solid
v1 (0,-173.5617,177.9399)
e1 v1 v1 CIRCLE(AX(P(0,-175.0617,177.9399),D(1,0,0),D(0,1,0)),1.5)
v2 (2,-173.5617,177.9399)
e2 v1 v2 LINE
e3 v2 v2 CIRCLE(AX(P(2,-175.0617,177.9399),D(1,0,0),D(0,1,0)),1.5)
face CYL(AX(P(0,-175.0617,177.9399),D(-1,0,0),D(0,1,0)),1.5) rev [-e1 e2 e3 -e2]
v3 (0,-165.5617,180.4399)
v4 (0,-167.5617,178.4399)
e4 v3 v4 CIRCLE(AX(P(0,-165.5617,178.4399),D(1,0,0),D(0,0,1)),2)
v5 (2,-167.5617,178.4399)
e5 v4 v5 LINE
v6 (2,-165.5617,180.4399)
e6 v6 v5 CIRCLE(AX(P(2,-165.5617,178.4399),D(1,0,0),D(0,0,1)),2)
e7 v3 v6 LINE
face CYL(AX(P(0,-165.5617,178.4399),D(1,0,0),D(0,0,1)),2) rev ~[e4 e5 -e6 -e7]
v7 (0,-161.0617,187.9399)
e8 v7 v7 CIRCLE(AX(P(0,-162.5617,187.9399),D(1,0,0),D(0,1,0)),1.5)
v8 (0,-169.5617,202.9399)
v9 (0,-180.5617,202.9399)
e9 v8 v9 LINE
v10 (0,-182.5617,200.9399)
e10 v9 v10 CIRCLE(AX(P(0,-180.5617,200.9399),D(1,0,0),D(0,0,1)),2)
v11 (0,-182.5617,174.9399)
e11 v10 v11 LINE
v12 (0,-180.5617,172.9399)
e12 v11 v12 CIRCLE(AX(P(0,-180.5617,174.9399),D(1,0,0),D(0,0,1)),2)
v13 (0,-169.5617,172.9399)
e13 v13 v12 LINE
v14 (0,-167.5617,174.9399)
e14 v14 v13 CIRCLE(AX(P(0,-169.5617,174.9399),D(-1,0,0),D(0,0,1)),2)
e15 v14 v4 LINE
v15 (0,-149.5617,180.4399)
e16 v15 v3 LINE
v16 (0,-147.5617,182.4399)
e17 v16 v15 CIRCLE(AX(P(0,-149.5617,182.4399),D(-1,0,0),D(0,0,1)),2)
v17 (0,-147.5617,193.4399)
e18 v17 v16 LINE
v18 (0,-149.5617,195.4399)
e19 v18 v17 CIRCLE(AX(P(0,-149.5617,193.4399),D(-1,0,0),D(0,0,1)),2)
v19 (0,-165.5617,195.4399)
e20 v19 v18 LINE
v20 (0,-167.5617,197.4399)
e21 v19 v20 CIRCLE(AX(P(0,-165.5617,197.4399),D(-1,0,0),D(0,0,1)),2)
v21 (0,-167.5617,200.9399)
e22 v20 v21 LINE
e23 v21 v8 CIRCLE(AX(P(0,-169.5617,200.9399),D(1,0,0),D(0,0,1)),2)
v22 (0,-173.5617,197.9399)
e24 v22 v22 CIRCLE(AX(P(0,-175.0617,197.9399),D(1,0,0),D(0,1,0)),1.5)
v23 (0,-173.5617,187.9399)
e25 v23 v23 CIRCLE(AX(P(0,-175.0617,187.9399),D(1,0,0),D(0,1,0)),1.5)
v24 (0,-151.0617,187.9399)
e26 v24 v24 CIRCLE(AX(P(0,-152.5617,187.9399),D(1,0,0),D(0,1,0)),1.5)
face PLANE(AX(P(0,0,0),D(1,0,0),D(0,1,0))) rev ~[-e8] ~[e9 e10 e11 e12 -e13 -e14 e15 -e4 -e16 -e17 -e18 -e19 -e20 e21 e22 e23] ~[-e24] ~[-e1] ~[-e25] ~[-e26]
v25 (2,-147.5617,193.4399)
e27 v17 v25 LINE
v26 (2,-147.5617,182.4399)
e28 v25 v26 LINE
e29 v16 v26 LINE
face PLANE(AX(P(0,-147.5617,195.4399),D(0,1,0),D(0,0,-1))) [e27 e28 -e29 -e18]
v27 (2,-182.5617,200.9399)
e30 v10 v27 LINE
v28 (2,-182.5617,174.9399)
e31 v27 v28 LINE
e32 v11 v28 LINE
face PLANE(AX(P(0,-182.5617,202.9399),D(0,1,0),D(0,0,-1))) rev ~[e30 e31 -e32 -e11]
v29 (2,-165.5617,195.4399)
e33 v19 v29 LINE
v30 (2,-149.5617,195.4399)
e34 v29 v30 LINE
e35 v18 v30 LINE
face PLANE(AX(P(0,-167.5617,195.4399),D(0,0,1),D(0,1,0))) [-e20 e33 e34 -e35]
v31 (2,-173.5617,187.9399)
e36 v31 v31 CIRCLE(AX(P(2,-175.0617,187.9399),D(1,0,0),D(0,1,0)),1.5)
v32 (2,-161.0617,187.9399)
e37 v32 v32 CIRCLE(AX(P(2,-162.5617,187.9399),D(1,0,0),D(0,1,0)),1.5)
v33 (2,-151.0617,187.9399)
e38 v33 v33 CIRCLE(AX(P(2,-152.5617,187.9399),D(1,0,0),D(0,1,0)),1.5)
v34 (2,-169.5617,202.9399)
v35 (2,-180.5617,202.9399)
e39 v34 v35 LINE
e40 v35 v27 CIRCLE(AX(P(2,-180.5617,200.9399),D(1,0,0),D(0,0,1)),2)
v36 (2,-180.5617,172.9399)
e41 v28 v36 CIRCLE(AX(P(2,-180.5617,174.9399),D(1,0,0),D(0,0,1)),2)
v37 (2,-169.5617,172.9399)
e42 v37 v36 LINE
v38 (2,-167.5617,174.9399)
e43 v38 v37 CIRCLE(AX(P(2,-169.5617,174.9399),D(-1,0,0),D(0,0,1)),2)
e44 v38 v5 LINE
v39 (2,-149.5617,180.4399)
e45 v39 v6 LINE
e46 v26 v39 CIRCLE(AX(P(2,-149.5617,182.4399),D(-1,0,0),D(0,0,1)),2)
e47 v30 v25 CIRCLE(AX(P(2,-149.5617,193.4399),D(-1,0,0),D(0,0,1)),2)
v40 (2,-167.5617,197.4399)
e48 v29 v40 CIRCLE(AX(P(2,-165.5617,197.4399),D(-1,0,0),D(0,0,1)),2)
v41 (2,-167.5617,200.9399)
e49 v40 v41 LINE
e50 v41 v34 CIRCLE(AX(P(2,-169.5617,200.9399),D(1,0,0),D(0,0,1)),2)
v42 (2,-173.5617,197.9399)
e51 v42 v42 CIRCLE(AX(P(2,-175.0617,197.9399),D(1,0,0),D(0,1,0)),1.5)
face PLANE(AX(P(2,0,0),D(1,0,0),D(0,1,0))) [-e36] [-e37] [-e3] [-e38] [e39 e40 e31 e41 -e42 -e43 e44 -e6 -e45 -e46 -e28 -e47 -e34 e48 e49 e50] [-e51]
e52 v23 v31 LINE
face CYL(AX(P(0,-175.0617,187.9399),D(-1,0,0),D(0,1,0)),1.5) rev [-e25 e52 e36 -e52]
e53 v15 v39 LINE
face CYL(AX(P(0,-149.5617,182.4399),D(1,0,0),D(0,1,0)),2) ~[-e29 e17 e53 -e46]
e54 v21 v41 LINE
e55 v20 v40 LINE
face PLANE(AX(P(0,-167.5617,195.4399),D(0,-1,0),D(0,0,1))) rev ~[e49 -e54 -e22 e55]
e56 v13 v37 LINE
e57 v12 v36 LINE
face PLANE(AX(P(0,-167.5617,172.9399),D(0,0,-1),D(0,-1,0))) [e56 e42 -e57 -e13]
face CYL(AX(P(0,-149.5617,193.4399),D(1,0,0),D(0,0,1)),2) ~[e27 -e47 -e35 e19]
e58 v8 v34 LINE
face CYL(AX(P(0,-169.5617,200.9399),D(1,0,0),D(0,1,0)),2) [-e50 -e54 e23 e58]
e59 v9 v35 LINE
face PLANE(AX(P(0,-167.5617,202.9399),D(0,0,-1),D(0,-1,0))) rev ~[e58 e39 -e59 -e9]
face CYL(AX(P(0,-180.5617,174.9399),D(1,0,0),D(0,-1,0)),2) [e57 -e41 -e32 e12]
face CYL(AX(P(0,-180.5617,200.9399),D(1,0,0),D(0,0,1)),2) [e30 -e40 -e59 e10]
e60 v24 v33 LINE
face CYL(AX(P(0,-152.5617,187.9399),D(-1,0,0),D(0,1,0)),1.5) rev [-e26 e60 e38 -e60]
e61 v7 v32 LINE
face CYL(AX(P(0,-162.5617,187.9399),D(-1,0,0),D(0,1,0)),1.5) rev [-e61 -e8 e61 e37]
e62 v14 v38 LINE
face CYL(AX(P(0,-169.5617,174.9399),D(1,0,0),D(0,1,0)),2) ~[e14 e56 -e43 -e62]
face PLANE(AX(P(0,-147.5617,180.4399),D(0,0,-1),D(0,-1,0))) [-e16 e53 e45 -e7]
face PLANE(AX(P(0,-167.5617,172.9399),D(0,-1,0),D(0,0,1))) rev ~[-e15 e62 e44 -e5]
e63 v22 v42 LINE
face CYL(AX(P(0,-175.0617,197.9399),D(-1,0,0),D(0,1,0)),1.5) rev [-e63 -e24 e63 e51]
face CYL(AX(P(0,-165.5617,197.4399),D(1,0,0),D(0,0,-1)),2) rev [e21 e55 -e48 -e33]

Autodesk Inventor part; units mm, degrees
ref_plane "YZ Plane" through (0, 0, 0) normal (1, 0, 0) x (0, 1, 0)
ref_plane "XZ Plane" through (0, 0, 0) normal (0, 1, 0) x (-1, 0, 0)
ref_plane "XY Plane" through (0, 0, 0) normal (0, 0, 1) x (1, 0, 0)
sketch "スケッチ1" plane through (0, 0, 0) normal (1, 0, 0) x (0, 1, 0)
  line L0 (-167.5617, 195.4399) -> (192.4383, 195.4399)
  line L1 (192.4383, 195.4399) -> (192.4383, 180.4399)
  line L2 (192.4383, 180.4399) -> (-167.5617, 180.4399)
  line L3 (-167.5617, 180.4399) -> (-167.5617, 195.4399)
  line L4 (-167.5617, 230.4399) -> (-182.5617, 230.4399)
  line L5 (-182.5617, 230.4399) -> (-182.5617, 2.9399)
  line L6 (-182.5617, 2.9399) -> (-167.5617, 2.9399)
  line L7 (-167.5617, 2.9399) -> (-167.5617, 230.4399)
  line L8 (-167.5617, 230.4399) -> (-182.5617, 230.4399)
  line L9 (-182.5617, 230.4399) -> (-182.5617, 215.4399)
  line L10 (-182.5617, 215.4399) -> (-167.5617, 215.4399)
  line L11 (-167.5617, 215.4399) -> (-167.5617, 230.4399)
  line L12 (-117.5617, 180.4399) -> (-102.5617, 180.4399)
  line L13 (-102.5617, 180.4399) -> (-102.5617, 2.9399)
  line L14 (-102.5617, 2.9399) -> (-117.5617, 2.9399)
  line L15 (-117.5617, 2.9399) -> (-117.5617, 180.4399)
  line L16 (192.4383, 180.4399) -> (177.4383, 180.4399)
  line L17 (177.4383, 180.4399) -> (177.4383, 2.9399)
  line L18 (177.4383, 2.9399) -> (192.4383, 2.9399)
  line L19 (192.4383, 2.9399) -> (192.4383, 180.4399)
  circle A0 centre (-142.5617, 135.4399) radius 12.5
  circle A1 centre (-142.5617, 95.4399) radius 18.75
  line L20 (192.4383, 2.9399) -> (-167.5617, 2.9399)
  line L21 (-182.5617, 155.4399) -> (-102.5617, 155.4399)
  line L22 (-102.5617, 75.4399) -> (-182.5617, 75.4399)
  circle A2 centre (-142.5617, 95.4399) radius 20
  line L23 (-125.0617, 195.4399) -> (-125.0617, 180.4399)
  line L24 (-102.5617, 180.4399) -> (-102.5617, 195.4399)
  line L25 (-147.5617, 195.4399) -> (-147.5617, 180.4399)
  line L26 (-167.5617, 202.9399) -> (-182.5617, 202.9399)
  line L27 (-167.5617, 172.9399) -> (-182.5617, 172.9399)
  circle A3 centre (157.4383, 135.4399) radius 12.5
  line L28 (192.4383, 160.4399) -> (177.4383, 160.4399)
  line L29 (169.9383, 195.4399) -> (169.9383, 180.4399)
  line L30 (-167.5617, -189.5601) -> (192.4383, -189.5601)
  line L31 (192.4383, -189.5601) -> (192.4383, -174.5601)
  line L32 (192.4383, -174.5601) -> (-167.5617, -174.5601)
  line L33 (-167.5617, -174.5601) -> (-167.5617, -189.5601)
  line L34 (-167.5617, -224.5601) -> (-182.5617, -224.5601)
  line L35 (-182.5617, -224.5601) -> (-182.5617, 2.9399)
  line L36 (-167.5617, 2.9399) -> (-167.5617, -224.5601)
  line L37 (-167.5617, -224.5601) -> (-182.5617, -224.5601)
  line L38 (-182.5617, -224.5601) -> (-182.5617, -209.5601)
  line L39 (-182.5617, -209.5601) -> (-167.5617, -209.5601)
  line L40 (-167.5617, -209.5601) -> (-167.5617, -224.5601)
  line L41 (-117.5617, -174.5601) -> (-102.5617, -174.5601)
  line L42 (-102.5617, -174.5601) -> (-102.5617, 2.9399)
  line L43 (-117.5617, 2.9399) -> (-117.5617, -174.5601)
  line L44 (192.4383, -174.5601) -> (177.4383, -174.5601)
  line L45 (177.4383, -174.5601) -> (177.4383, 2.9399)
  line L46 (192.4383, 2.9399) -> (192.4383, -174.5601)
  circle A4 centre (-142.5617, -129.5601) radius 12.5
  circle A5 centre (-142.5617, -89.5601) radius 18.75
  line L47 (-182.5617, -149.5601) -> (-102.5617, -149.5601)
  line L48 (-102.5617, -69.5601) -> (-182.5617, -69.5601)
  circle A6 centre (-142.5617, -89.5601) radius 20
  line L49 (-125.0617, -189.5601) -> (-125.0617, -174.5601)
  line L50 (-102.5617, -174.5601) -> (-102.5617, -189.5601)
  line L51 (-147.5617, -189.5601) -> (-147.5617, -174.5601)
  line L52 (-167.5617, -197.0601) -> (-182.5617, -197.0601)
  line L53 (-167.5617, -167.0601) -> (-182.5617, -167.0601)
  circle A7 centre (157.4383, -129.5601) radius 12.5
  line L54 (192.4383, -154.5601) -> (177.4383, -154.5601)
  line L55 (169.9383, -189.5601) -> (169.9383, -174.5601)
  line L56 (192.4383, 155.4399) -> (144.9383, 155.4399)
  line L57 (144.9383, 155.4399) -> (144.9383, 75.4399)
  line L58 (144.9383, 75.4399) -> (192.4383, 75.4399)
  line L59 (192.4383, 75.4399) -> (192.4383, 155.4399)
  line L60 (177.4383, 155.4399) -> (153.4158, 147.275)
  line L61 (146.595, 129.2213) -> (177.4383, 75.4399)
  circle A8 centre (-175.0617, 197.9399) radius 1.5
  circle A9 centre (-175.0617, 187.9399) radius 1.5
  circle A10 centre (-175.0617, 177.9399) radius 1.5
  circle A11 centre (-162.5617, 187.9399) radius 1.5
  circle A12 centre (-152.5617, 187.9399) radius 1.5
  point P0 (0, 0)
  point P1 (-120.0617, 187.9399)
  point P2 (-110.0617, 187.9399)
  point P3 (-110.0617, 175.4399)
  point P4 (-110.0617, 165.4399)
  point P5 (184.9383, 175.4399)
  point P6 (184.9383, 165.4399)
  point P7 (184.9383, 187.9399)
  point P8 (174.9383, 187.9399)
  point P9 (-110.0617, 180.4399)
  point P10 (192.4383, 187.9399)
  point P11 (-110.0617, 95.4399)
  point P12 (-110.0617, 135.4399)
  point P13 (-175.0617, 135.4399)
  point P14 (-175.0617, 95.4399)
  point P15 (-175.0617, -89.5601)
  point P16 (-110.0617, -89.5601)
  point P17 (-110.0617, -129.5601)
  point P18 (-175.0617, -129.5601)
  point P19 (-175.0617, -172.0601)
  point P20 (-175.0617, -182.0601)
  point P21 (-175.0617, -192.0601)
  point P22 (-162.5617, -182.0601)
  point P23 (-152.5617, -182.0601)
  point P24 (-120.0617, -182.0601)
  point P25 (-110.0617, -182.0601)
  point P26 (-110.0617, -169.5601)
  point P27 (-110.0617, -159.5601)
  point P28 (174.9383, -182.0601)
  point P29 (184.9383, -182.0601)
  point P30 (184.9383, -169.5601)
  point P31 (184.9383, -159.5601)
  point P32 (184.9383, 135.4399)
  point P33 (184.9383, 95.4399)
  point P34 (177.4383, 91.6899)
  point P35 (184.9383, -89.5601)
  point P36 (184.9383, -129.5601)
  dimension "d0" = 7.5
  dimension "d1" = 7.5
  dimension "d2" = 7.5
  dimension "d3" = 7.5
  dimension "d4" = 10
  dimension "d5" = 10
  dimension "d6" = 5
  dimension "d7" = 10
  dimension "d8" = 7.5
  dimension "d9" = 7.5
  dimension "d10" = 7.5
  dimension "d11" = 10
  dimension "d12" = 7.5
  dimension "d13" = 7.5
  dimension "d14" = 5
  dimension "d15" = 10
  dimension "d16" = 7.5
  dimension "d17" = 7.5
  dimension "d18" = 7.5
  dimension "d19" = 10
  dimension "d20" = 7.5
  dimension "d21" = 7.5
  dimension "d22" = 5
  dimension "d23" = 10
  dimension "d24" = 7.5
  dimension "d25" = 7.5
  dimension "d26" = 20
  dimension "d27" = 20
  dimension "d28" = 7.5
  dimension "d29" = 7.5
  dimension "d30" = 20
  dimension "d31" = 7.5
  dimension "d32" = 7.5
  dimension "d33" = 20
  dimension "d34" = 3
  dimension "d35" = 3
  dimension "d36" = 3
  dimension "d37" = 3
  dimension "d38" = 3
extrude "押し出し1" add sketch "スケッチ1" along normal blind 2 contours L0 L25 L2 L3 | L3 L7 L27 L5 L26
fillet "フィレット1" radius 2 8 edges at (1, -147.5617, 195.4399) (1, -167.5617, 195.4399) (1, -167.5617, 202.9399) (1, -182.5617, 202.9399) (1, -182.5617, 172.9399) (1, -167.5617, 172.9399) (1, -167.5617, 180.4399) (1, -147.5617, 180.4399)
equation "\"d1\" = d0"
equation "\"d2\" = d0"
equation "\"d3\" = d0"
equation "\"d8\" = d0"
equation "\"d9\" = d0"
equation "\"d10\" = d0"
equation "\"d12\" = d0"
equation "\"d13\" = d0"
equation "\"d16\" = d0"
equation "\"d17\" = d0"
equation "\"d20\" = d18"
equation "\"d21\" = d18"
equation "\"d24\" = d18"
equation "\"d25\" = d18"
equation "\"d32\" = d31"
equation "\"d33\" = d30"
properties part number "ball_loading_v1_Plate_ASP_F_1" material "アルミニウム 6061"
